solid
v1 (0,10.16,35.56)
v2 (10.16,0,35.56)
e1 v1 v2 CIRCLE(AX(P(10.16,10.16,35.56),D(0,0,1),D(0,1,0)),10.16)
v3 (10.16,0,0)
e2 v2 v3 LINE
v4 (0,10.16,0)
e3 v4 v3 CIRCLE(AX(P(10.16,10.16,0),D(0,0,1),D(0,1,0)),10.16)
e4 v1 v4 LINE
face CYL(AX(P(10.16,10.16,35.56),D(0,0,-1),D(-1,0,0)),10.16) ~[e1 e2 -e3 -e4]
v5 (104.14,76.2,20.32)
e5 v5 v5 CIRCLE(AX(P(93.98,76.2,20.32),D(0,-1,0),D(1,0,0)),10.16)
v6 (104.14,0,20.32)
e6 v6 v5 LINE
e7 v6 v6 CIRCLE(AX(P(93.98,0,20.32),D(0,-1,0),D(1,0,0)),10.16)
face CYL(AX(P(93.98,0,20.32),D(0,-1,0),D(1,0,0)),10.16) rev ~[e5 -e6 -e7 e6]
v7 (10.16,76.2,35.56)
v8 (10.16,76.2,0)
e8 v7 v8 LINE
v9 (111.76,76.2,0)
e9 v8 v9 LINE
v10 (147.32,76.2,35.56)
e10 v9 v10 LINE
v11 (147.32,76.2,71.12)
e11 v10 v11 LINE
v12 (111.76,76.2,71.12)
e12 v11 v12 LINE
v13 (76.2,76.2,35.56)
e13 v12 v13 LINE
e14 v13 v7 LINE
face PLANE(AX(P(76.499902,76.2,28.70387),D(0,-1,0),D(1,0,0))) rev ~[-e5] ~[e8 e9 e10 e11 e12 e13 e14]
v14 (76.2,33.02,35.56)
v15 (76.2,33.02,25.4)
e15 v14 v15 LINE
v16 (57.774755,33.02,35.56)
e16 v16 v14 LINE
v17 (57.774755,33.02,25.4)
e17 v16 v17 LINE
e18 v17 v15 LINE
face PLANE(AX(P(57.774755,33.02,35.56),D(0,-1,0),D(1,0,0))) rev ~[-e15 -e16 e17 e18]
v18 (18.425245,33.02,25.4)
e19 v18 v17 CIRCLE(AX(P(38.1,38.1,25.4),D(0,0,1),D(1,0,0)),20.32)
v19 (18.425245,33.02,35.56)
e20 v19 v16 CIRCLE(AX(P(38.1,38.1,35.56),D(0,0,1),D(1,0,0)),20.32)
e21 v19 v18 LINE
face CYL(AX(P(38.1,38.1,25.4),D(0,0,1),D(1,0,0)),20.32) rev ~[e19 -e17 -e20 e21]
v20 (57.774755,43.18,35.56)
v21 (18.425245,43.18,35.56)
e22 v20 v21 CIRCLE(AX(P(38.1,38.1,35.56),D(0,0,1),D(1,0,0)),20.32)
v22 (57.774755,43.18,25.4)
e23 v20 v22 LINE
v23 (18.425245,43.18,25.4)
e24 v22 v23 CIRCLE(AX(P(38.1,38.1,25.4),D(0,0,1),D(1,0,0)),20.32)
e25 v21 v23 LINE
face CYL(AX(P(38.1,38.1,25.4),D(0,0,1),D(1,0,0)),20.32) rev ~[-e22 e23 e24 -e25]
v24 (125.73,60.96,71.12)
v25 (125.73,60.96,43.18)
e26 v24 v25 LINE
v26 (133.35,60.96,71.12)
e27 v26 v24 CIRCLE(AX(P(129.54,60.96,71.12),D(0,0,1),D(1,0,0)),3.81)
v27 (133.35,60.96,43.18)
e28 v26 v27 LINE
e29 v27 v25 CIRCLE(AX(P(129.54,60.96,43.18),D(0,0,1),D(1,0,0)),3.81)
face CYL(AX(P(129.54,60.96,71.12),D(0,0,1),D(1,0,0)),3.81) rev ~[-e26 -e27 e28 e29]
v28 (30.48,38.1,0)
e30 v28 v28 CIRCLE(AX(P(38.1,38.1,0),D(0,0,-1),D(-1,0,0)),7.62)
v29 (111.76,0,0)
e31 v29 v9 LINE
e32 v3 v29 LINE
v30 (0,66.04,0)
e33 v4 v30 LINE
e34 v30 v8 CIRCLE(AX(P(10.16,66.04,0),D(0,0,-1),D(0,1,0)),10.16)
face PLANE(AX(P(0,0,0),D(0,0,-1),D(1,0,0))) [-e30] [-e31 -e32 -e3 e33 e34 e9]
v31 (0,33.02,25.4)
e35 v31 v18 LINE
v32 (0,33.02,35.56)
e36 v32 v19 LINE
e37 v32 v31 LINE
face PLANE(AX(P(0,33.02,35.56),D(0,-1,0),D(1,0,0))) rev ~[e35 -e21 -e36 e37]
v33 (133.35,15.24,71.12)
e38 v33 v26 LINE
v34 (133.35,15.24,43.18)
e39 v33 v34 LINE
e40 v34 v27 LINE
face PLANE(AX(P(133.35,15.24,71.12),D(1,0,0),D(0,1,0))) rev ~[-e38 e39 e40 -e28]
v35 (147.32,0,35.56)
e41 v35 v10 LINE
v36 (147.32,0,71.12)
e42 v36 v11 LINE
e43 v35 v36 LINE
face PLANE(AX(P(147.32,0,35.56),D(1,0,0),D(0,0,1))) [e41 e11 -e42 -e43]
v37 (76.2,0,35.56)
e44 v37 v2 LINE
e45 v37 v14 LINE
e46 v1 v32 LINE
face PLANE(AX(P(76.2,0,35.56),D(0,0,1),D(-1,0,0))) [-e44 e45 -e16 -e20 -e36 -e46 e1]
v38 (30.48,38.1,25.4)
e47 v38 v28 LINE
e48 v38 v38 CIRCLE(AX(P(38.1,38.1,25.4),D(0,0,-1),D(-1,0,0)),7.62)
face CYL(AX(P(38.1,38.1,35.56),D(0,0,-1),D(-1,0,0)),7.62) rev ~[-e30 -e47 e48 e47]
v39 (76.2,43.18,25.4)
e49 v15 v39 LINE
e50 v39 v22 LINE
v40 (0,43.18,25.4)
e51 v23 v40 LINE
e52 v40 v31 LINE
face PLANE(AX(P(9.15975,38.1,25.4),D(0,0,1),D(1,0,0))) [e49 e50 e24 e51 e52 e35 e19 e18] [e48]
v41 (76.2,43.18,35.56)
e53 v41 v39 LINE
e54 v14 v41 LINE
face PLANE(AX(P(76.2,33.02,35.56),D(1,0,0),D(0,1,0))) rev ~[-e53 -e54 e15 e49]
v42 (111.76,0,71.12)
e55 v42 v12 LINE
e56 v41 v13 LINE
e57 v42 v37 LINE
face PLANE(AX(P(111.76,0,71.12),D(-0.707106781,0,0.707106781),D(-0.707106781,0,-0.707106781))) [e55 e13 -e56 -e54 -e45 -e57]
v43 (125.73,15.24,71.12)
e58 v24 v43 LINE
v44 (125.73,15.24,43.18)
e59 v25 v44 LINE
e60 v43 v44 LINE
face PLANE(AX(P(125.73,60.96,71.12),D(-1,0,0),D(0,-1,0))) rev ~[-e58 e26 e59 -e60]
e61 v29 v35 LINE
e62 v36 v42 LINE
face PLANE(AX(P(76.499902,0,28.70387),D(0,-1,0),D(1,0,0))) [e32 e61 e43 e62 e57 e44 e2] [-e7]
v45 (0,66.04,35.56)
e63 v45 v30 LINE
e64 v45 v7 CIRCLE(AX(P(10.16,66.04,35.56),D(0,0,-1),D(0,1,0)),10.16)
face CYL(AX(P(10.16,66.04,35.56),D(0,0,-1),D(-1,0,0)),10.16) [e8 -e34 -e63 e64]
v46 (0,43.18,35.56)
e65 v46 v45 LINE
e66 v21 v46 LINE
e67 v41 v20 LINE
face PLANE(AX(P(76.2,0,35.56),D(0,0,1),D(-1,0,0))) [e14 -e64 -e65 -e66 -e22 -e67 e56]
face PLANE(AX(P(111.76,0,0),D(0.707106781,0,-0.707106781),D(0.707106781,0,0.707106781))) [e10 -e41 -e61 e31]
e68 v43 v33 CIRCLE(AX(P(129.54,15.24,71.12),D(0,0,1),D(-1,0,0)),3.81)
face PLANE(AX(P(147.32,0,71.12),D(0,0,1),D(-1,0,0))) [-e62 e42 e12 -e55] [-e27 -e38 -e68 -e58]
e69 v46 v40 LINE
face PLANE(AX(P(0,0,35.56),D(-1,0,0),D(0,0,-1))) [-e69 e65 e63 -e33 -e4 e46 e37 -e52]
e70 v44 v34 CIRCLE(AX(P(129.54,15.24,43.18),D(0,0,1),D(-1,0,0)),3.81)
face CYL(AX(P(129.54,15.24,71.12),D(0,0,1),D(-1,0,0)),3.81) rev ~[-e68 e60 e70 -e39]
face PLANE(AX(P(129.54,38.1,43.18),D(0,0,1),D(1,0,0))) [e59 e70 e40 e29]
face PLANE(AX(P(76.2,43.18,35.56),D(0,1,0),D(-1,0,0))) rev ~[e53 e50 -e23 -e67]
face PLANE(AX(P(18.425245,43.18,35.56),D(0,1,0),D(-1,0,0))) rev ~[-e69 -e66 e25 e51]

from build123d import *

# Parameters (mm, degrees)
F1_DEPTH       = 76.2
F3_DEPTH       = 27.94
F4_R           = 10.16
F5_DEPTH       = 76.201
F7_DEPTH       = 10.16
F8_D           = 15.24
F8_CBORE_D     = 40.64
F8_CBORE_DEPTH = 10.16
F9_R           = 10.16


with BuildPart() as f1:
    # F0 (on Front) → F1 (new body)
    with BuildSketch(Plane.XZ):
        Polygon((0, 35.56), (0, 0), (111.76, 0), (147.32, 35.56), (147.32, 71.12), (111.76, 71.12), (76.2, 35.56), align=None)
    extrude(amount=-F1_DEPTH)

    # F2 (on face) → F3 (cut)
    with BuildSketch(Plane.XY.offset(71.12)):
        with BuildLine():
            ThreePointArc((125.73, 15.24), (129.54, 11.43), (133.35, 15.24))
            Line((133.35, 15.24), (133.35, 60.96))
            ThreePointArc((133.35, 60.96), (129.54, 64.77), (125.73, 60.96))
            Line((125.73, 60.96), (125.73, 15.24))
        make_face()
    extrude(amount=-F3_DEPTH, mode=Mode.SUBTRACT)

    # F4 (on face) → F5 (cut, through all)
    with BuildSketch(Plane.XZ):
        with Locations((93.98, 20.32)):
            Circle(F4_R)
    extrude(amount=-F5_DEPTH, mode=Mode.SUBTRACT)

    # F6 (on face) → F7 (cut)
    with BuildSketch(Plane.XY.offset(35.56)):
        with BuildLine():
            ThreePointArc((18.425245, 33.02), (17.78, 38.1), (18.425245, 43.18))
            Line((18.425245, 43.18), (0, 43.18))
            Line((0, 43.18), (0, 33.02))
            Line((0, 33.02), (18.425245, 33.02))
        make_face()
        with BuildLine():
            ThreePointArc((57.774755, 43.18), (58.258043, 40.660407), (58.42, 38.1))
            ThreePointArc((58.42, 38.1), (58.258043, 35.539593), (57.774755, 33.02))
            Line((57.774755, 33.02), (76.2, 33.02))
            Line((76.2, 33.02), (76.2, 43.18))
            Line((76.2, 43.18), (57.774755, 43.18))
        make_face()
    extrude(amount=-F7_DEPTH, mode=Mode.SUBTRACT)

    # F8 (through all)
    with Locations(Plane.XY.offset(35.56)):
        with Locations((38.1, 38.1)):
            CounterBoreHole(F8_D / 2, F8_CBORE_D / 2, F8_CBORE_DEPTH)

    # F9
    f9_edges = [f1.edges().sort_by_distance(p)[0] for p in [
        (0, 0, 17.78),
        (0, 76.2, 17.78),
    ]]
    fillet(f9_edges, radius=F9_R)


solid = f1.part
